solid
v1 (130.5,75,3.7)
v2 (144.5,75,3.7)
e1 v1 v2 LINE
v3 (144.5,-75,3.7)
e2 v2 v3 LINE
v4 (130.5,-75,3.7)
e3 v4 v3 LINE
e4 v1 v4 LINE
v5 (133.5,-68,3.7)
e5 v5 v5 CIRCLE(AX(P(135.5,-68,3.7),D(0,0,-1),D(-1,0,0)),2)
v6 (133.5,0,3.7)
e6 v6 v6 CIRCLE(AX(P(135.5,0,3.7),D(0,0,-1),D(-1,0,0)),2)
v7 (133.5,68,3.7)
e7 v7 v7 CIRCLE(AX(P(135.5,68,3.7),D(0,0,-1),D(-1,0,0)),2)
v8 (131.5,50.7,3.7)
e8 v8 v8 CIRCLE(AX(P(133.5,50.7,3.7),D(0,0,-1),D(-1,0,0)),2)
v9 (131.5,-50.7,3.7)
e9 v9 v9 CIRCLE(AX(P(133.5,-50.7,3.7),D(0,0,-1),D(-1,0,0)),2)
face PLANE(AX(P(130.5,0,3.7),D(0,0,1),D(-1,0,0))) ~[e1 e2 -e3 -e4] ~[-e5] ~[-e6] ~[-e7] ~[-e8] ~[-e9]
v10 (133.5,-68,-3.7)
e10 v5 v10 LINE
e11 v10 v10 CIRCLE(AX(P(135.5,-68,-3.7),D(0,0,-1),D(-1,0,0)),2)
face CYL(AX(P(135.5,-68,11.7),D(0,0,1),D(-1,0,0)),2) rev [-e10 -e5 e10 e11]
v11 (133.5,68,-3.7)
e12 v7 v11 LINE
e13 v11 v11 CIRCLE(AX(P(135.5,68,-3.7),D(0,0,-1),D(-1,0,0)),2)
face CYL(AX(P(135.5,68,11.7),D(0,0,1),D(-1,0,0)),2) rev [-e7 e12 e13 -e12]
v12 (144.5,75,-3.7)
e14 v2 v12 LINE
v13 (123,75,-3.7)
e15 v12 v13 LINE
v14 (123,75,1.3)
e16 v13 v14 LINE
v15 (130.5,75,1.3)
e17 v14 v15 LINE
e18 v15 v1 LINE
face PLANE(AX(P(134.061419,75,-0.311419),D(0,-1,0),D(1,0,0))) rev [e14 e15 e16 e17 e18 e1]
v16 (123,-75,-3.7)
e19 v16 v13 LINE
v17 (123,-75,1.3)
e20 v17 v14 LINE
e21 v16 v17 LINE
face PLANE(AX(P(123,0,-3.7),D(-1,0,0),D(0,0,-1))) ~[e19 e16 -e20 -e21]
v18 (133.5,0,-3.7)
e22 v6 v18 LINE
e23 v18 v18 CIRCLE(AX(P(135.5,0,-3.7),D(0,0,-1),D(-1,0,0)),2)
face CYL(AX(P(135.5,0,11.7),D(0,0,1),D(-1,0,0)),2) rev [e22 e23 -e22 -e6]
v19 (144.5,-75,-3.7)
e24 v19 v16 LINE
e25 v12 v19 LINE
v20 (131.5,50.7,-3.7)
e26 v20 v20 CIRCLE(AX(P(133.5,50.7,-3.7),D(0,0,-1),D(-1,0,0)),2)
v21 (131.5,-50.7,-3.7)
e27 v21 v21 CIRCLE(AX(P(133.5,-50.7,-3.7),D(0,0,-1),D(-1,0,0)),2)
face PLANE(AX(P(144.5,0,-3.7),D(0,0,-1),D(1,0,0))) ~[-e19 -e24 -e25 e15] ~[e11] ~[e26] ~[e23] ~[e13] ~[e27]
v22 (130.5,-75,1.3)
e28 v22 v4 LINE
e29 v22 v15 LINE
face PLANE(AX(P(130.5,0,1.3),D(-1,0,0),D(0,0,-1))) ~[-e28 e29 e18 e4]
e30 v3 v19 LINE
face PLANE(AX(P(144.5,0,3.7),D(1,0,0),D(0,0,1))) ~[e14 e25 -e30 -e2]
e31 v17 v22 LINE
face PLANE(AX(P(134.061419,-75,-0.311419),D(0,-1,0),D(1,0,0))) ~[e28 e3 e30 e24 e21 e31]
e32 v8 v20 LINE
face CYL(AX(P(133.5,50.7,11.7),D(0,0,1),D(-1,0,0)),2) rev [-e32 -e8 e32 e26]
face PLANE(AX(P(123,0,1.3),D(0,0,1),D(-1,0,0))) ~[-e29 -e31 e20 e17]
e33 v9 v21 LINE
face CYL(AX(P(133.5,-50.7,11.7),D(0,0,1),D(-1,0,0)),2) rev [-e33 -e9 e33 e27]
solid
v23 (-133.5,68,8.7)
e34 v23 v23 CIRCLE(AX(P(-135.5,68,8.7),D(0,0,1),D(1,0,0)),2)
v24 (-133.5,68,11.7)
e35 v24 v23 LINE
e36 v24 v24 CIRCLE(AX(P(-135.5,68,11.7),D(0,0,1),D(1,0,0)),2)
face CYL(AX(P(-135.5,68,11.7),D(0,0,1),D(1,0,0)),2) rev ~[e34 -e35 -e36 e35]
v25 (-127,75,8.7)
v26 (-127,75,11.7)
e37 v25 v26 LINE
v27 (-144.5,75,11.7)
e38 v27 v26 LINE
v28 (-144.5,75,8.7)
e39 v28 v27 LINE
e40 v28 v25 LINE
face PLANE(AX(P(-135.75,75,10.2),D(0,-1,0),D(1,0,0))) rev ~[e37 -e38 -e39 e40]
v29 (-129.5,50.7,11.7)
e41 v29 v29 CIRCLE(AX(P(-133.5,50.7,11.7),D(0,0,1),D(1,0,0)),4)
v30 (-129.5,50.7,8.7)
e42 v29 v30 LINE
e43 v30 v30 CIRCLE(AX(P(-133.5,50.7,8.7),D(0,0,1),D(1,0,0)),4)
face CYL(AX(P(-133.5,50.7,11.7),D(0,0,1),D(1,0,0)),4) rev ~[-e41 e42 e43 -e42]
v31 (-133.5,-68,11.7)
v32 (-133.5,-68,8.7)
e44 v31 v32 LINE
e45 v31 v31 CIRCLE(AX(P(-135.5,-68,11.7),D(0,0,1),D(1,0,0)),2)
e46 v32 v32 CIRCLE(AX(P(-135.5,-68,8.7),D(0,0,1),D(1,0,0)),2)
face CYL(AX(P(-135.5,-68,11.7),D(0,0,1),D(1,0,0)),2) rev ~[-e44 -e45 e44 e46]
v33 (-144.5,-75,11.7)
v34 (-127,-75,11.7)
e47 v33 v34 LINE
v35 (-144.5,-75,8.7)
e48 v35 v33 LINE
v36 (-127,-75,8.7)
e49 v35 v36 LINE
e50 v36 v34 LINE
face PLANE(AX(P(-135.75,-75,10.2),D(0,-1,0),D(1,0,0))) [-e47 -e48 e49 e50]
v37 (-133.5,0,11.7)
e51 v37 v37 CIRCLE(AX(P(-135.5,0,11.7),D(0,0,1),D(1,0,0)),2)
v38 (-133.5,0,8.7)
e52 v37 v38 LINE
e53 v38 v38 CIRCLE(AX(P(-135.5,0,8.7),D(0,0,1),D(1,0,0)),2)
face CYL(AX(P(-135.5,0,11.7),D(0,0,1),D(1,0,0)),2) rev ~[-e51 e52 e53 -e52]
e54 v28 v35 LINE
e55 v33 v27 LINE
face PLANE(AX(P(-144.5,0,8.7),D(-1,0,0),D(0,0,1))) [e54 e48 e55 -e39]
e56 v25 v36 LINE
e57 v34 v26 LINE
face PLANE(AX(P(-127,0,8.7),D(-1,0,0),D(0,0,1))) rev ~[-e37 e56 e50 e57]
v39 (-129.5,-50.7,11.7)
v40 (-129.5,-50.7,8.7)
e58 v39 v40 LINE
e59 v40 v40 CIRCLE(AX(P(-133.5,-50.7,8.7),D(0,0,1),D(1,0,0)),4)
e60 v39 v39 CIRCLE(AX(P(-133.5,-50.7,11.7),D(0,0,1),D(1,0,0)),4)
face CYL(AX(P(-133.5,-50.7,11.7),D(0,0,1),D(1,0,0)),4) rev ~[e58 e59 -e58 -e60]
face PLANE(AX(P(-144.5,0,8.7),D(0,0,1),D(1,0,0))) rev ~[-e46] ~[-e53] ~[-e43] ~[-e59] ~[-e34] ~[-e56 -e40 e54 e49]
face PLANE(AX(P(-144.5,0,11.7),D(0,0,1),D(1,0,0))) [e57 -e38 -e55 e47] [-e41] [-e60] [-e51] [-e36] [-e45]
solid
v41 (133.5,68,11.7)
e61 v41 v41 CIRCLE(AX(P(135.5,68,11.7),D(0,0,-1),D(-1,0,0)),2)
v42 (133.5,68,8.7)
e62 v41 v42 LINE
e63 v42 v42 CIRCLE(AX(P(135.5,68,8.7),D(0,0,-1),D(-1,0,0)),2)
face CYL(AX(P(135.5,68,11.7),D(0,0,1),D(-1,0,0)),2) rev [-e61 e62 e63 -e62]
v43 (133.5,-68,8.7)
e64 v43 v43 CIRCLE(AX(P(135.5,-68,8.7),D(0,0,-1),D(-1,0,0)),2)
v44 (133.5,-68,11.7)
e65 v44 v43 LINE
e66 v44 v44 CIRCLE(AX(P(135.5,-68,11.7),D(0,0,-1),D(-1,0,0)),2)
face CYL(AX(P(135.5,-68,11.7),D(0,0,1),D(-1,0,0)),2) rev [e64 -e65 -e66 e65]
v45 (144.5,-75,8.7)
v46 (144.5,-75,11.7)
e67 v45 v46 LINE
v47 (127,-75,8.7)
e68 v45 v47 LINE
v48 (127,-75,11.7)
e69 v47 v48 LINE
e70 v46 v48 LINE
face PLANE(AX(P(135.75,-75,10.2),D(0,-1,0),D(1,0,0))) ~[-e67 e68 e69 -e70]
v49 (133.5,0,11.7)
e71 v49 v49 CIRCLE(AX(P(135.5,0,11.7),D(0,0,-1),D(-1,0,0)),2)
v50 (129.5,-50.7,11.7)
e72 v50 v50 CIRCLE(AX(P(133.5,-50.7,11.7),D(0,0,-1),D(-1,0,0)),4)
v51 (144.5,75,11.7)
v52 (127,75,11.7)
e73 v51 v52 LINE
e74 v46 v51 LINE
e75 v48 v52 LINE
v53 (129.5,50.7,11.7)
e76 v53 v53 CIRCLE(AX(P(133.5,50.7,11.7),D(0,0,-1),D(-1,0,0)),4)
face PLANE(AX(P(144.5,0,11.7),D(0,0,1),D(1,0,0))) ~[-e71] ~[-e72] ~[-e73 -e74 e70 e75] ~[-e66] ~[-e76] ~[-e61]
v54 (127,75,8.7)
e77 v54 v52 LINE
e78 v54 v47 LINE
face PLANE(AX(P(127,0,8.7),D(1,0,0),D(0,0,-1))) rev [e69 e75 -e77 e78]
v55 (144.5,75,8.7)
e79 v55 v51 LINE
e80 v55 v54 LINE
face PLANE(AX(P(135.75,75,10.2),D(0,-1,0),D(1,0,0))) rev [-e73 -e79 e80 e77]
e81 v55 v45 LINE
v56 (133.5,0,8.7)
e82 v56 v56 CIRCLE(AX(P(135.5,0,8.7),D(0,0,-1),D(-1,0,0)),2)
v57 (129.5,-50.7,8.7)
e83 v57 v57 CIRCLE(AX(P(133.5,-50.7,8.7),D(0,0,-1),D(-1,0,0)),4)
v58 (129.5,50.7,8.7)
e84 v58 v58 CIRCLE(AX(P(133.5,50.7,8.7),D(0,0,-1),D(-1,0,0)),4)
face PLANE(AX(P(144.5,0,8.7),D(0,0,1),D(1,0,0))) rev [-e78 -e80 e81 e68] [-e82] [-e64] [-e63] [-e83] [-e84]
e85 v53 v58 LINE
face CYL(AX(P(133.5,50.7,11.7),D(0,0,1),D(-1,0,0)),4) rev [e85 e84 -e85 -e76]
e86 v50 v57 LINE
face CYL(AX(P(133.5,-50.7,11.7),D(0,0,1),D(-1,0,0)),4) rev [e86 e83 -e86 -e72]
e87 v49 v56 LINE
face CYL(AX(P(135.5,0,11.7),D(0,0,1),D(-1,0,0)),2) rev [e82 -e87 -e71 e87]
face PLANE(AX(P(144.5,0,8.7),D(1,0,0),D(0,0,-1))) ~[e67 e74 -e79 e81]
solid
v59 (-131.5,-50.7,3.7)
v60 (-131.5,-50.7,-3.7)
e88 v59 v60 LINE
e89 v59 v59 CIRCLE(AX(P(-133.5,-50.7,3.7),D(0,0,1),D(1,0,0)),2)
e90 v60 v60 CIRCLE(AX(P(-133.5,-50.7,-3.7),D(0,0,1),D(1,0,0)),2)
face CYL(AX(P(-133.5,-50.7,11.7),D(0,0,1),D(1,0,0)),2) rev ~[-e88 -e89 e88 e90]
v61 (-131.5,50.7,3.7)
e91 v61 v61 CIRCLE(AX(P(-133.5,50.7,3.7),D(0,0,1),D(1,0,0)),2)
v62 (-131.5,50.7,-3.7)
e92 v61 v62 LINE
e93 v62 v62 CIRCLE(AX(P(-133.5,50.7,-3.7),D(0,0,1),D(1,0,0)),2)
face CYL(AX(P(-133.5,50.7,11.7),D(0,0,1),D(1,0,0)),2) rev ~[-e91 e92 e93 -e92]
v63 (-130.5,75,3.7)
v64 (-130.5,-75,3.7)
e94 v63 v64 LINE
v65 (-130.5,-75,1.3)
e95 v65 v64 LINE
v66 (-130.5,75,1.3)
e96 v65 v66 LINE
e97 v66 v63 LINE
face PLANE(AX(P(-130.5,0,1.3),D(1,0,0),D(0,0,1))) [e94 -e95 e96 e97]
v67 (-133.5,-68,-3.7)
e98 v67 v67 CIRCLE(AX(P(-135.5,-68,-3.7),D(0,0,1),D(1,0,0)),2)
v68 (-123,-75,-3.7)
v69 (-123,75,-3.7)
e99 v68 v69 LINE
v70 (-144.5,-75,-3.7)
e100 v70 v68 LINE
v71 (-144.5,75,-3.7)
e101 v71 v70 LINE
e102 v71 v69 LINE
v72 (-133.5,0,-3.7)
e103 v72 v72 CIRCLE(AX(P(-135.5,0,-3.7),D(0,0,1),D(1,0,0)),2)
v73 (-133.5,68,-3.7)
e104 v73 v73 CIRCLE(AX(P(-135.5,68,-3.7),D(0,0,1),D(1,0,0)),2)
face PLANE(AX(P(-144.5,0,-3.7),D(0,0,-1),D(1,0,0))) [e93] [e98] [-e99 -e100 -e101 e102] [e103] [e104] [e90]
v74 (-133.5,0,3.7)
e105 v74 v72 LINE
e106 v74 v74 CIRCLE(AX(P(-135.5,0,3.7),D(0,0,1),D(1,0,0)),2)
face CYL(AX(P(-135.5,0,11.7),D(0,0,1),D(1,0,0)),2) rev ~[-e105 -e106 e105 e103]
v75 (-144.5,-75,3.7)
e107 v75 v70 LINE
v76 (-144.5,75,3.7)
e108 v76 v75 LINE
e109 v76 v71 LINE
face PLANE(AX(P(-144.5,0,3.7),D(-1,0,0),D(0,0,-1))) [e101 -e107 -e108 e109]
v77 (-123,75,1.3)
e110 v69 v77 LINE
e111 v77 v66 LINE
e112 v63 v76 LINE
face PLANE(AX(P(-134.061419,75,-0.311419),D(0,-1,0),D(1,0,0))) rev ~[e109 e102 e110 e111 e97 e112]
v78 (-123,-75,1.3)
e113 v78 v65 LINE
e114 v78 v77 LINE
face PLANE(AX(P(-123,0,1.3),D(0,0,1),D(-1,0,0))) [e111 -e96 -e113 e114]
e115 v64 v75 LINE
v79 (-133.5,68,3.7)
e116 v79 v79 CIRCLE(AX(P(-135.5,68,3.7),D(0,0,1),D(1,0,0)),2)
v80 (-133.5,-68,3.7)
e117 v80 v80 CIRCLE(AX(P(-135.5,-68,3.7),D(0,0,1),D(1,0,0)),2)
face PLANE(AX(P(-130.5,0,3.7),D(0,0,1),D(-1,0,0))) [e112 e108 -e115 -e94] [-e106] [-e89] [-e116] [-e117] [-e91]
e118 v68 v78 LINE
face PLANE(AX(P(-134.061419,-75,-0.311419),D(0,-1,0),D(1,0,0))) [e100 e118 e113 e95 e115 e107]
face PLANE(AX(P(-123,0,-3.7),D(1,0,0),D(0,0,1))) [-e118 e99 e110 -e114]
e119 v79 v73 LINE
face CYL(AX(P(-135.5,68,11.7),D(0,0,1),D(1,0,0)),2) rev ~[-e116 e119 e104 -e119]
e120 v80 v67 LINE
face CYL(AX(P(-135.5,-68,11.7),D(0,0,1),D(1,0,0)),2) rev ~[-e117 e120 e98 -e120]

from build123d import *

# Parameters (mm, degrees)
F0_W     = 17.5
F0_H     = 3
F1_DEPTH = 75
F2_R     = 2
F3_DEPTH = 15.401
F2_R_2   = 4
F4_DEPTH = 3


with BuildPart() as f1:
    # F0 (on Front) → F1 (new body, symmetric)
    with BuildSketch(Plane.XZ):
        with Locations((-135.75, 10.2)):
            Rectangle(F0_W, F0_H)
        Polygon((-130.5, 1.3), (-130.5, 3.7), (-144.5, 3.7), (-144.5, -3.7), (-123, -3.7), (-123, 1.3), align=None)
    extrude(amount=F1_DEPTH, both=True)

    # F2 (on face) → F3 (cut, through all)
    with BuildSketch(Plane.XY.offset(11.7)):
        with Locations((-135.5, 68)):
            Circle(F2_R)
        with Locations((-133.5, 50.7)):
            Circle(F2_R)
        with Locations((-135.5, 0)):
            Circle(F2_R)
        with Locations((-133.5, -50.7)):
            Circle(F2_R)
        with Locations((-135.5, -68)):
            Circle(F2_R)
    extrude(amount=-F3_DEPTH, mode=Mode.SUBTRACT)

    # F2 (on face) → F4 (cut, through all)
    with BuildSketch(Plane.XY.offset(11.7)):
        with Locations((-133.5, 50.7)):
            Circle(F2_R_2)
        with Locations((-133.5, 50.7)):
            Circle(F2_R, mode=Mode.SUBTRACT)
        with Locations((-133.5, -50.7)):
            Circle(F2_R_2)
        with Locations((-133.5, -50.7)):
            Circle(F2_R, mode=Mode.SUBTRACT)
    extrude(amount=-F4_DEPTH, mode=Mode.SUBTRACT)


with BuildPart() as f5_1:
    # F5: instance of F1
    add(f1.part.mirror(Plane.YZ))


solid = Compound([f1.part, f5_1.part])
